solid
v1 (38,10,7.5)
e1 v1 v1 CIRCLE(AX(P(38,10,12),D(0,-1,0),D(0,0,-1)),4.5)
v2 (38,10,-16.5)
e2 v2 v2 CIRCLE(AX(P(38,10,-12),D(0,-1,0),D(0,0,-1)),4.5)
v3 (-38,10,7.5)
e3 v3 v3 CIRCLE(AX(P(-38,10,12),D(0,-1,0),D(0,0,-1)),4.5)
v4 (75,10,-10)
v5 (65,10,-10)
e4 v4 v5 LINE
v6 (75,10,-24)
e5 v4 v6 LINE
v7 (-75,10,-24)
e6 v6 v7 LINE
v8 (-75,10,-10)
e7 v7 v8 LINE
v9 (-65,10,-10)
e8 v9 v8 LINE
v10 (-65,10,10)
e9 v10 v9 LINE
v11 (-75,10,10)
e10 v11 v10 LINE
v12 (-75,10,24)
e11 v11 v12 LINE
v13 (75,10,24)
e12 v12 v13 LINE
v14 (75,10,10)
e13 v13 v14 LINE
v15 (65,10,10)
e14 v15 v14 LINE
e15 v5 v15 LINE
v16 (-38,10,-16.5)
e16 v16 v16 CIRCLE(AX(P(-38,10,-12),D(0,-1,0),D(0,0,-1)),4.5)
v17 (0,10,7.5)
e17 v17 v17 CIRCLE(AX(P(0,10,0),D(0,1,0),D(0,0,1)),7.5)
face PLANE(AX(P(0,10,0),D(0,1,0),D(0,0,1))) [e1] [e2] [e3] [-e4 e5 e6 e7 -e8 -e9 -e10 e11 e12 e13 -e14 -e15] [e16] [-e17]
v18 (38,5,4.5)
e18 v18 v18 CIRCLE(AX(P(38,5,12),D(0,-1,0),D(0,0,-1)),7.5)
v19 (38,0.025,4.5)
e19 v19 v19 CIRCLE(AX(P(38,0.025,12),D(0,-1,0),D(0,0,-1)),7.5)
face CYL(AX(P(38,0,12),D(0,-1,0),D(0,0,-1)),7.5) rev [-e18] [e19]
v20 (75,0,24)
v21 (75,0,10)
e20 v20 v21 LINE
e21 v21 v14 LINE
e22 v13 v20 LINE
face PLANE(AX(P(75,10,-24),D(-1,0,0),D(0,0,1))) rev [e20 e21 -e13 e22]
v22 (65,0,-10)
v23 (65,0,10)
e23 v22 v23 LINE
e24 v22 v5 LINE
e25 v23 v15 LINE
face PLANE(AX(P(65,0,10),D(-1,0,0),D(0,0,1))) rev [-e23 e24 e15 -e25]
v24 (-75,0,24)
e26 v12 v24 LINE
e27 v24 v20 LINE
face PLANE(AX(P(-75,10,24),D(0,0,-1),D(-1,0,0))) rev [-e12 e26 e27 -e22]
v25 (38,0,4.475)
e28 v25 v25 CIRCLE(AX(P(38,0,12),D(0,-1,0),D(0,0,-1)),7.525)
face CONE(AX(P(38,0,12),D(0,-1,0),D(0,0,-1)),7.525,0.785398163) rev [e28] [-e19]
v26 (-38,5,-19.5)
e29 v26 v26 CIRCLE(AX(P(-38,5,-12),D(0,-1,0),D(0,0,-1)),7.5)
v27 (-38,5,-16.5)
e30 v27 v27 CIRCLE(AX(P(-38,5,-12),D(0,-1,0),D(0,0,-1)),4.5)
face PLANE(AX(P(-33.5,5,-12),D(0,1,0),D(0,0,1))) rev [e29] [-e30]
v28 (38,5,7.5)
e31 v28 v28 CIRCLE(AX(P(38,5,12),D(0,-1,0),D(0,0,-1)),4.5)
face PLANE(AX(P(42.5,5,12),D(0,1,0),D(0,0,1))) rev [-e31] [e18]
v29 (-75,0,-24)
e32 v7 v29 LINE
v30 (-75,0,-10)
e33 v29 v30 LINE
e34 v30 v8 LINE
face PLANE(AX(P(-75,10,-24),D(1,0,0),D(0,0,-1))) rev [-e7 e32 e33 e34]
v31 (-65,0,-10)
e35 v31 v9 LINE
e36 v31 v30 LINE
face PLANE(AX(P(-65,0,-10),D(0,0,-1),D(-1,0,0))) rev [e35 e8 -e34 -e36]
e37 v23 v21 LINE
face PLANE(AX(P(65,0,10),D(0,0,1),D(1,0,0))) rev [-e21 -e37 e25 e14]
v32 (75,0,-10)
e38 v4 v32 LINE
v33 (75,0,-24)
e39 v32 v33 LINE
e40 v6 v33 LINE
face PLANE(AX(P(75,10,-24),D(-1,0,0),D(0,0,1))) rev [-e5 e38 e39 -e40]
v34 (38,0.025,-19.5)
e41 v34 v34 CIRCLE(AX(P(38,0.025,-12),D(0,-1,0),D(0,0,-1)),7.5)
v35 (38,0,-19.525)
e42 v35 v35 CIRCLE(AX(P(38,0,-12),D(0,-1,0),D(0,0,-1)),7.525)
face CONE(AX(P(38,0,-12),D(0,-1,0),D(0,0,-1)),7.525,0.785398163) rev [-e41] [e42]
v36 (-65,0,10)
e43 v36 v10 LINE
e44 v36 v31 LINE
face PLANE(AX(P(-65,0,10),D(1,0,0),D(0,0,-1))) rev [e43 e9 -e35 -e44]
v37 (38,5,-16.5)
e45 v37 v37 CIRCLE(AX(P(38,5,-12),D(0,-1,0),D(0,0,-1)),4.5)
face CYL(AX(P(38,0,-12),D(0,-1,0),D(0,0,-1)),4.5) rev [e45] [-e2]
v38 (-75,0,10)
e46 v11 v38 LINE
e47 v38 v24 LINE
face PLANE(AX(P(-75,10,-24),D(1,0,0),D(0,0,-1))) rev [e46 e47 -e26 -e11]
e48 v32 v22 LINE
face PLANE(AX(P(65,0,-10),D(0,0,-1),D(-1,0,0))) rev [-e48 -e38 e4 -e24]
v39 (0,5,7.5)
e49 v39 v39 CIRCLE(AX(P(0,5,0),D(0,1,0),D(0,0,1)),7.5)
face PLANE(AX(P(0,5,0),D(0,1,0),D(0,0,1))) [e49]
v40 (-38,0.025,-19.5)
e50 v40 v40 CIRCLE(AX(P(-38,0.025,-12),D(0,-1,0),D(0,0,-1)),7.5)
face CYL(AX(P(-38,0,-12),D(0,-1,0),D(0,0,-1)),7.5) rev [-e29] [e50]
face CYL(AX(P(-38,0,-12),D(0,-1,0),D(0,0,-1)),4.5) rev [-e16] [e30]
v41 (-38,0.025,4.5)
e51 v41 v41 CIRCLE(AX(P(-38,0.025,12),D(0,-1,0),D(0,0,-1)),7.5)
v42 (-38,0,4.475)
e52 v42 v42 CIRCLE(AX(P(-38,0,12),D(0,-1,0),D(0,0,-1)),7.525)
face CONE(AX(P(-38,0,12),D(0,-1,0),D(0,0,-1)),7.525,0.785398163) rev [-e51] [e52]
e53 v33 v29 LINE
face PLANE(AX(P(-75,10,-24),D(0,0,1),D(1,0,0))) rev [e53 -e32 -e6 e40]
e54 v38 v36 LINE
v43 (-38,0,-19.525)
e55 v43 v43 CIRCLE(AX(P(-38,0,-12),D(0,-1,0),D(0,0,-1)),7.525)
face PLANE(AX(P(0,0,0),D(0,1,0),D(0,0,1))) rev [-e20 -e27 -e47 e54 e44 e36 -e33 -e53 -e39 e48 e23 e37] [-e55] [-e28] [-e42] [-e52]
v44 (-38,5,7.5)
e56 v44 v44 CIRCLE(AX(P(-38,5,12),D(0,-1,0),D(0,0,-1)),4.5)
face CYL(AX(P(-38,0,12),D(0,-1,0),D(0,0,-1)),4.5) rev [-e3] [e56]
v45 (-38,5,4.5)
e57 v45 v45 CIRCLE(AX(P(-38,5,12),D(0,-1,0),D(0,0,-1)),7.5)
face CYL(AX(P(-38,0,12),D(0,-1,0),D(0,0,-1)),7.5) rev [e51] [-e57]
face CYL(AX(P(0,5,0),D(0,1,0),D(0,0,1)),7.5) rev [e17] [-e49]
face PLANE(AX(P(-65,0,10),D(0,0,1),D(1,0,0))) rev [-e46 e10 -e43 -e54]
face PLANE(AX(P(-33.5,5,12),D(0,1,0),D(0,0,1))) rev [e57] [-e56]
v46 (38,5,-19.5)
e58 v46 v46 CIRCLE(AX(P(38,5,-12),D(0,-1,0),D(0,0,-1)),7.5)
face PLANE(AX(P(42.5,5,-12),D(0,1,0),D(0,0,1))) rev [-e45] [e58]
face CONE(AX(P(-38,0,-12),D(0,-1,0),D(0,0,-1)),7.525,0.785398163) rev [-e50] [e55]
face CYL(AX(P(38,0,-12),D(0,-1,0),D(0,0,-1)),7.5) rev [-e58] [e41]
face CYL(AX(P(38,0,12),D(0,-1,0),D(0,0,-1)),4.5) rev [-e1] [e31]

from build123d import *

# Parameters (mm, degrees)
SKETCH1_W                                  = 150
SKETCH1_H                                  = 48
BOSS_EXTRUDE1_DEPTH                        = 10
CBORE_FOR_M8_CHEESE_HEAD_SCREW1_AT_2_COUNT = 2
CBORE_FOR_M8_CHEESE_HEAD_SCREW1_AT_2_PITCH = 76
CBORE_FOR_M8_CHEESE_HEAD_SCREW1_AT_3_COUNT = 2
CBORE_FOR_M8_CHEESE_HEAD_SCREW1_AT_3_PITCH = 24
CBORE_FOR_M8_CHEESE_HEAD_SCREW1_AT_4_COUNT = 2
CBORE_FOR_M8_CHEESE_HEAD_SCREW1_AT_4_PITCH = 79.699435381
SKETCH6_R                                  = 7.5
CUT_EXTRUDE2_DEPTH                         = 5
SKETCH7_W                                  = 20
SKETCH7_H                                  = 20
CUT_EXTRUDE3_DEPTH                         = 80.37883849


with BuildPart() as part:
    # Sketch1 → Boss-Extrude1 (new body)
    with BuildSketch(Plane(origin=(0, 0, 0), x_dir=(1, 0, 0), z_dir=(0, 1, 0))):
        Rectangle(SKETCH1_W, SKETCH1_H)
    extrude(amount=BOSS_EXTRUDE1_DEPTH)

    # Sketch4 → CBORE for M8 Cheese Head Screw1 (revolve, cut)
    with BuildSketch(Plane(origin=(38, 0, 12), x_dir=(0, 0, -1), z_dir=(1, 0, 0))):
        Polygon((0, 0), (0, 12.703872786), (4.5, 10), (4.5, 5), (7.5, 5), (7.5, 0.025), (7.525, 0), align=None)
    cbore_for_m8_cheese_head_screw1 = revolve(axis=Axis((38, -6.35, 12), (0, 1, 0)), mode=Mode.SUBTRACT)

    # CBORE for M8 Cheese Head Screw1 at 2: CBORE for M8 Cheese Head Screw1 ×2
    with Locations(*[(-i * CBORE_FOR_M8_CHEESE_HEAD_SCREW1_AT_2_PITCH, 0, 0) for i in range(1, CBORE_FOR_M8_CHEESE_HEAD_SCREW1_AT_2_COUNT)]):
        add(cbore_for_m8_cheese_head_screw1, mode=Mode.SUBTRACT)

    # CBORE for M8 Cheese Head Screw1 at 3: CBORE for M8 Cheese Head Screw1 ×2
    with Locations(*[(0, 0, -i * CBORE_FOR_M8_CHEESE_HEAD_SCREW1_AT_3_PITCH) for i in range(1, CBORE_FOR_M8_CHEESE_HEAD_SCREW1_AT_3_COUNT)]):
        add(cbore_for_m8_cheese_head_screw1, mode=Mode.SUBTRACT)

    # CBORE for M8 Cheese Head Screw1 at 4: CBORE for M8 Cheese Head Screw1 ×2
    with Locations(*[Vector(-0.9535826651341417, 0, -0.3011313679370974) * (i * CBORE_FOR_M8_CHEESE_HEAD_SCREW1_AT_4_PITCH) for i in range(1, CBORE_FOR_M8_CHEESE_HEAD_SCREW1_AT_4_COUNT)]):
        add(cbore_for_m8_cheese_head_screw1, mode=Mode.SUBTRACT)

    # Sketch6 → Cut-Extrude2 (cut)
    with BuildSketch(Plane(origin=(0, 10, 0), x_dir=(1, 0, 0), z_dir=(0, 1, 0))):
        with Locations(Location((0, 0, 0), (0, 0, 270))):
            Circle(SKETCH6_R)
    extrude(amount=-CUT_EXTRUDE2_DEPTH, mode=Mode.SUBTRACT)

    # Sketch7 → Cut-Extrude3 (cut, through all)
    with BuildSketch(Plane(origin=(0, 10, 0), x_dir=(1, 0, 0), z_dir=(0, 1, 0))):
        with Locations((75, 0)):
            Rectangle(SKETCH7_W, SKETCH7_H)
        with Locations((-75, 0)):
            Rectangle(SKETCH7_W, SKETCH7_H)
    extrude(amount=-CUT_EXTRUDE3_DEPTH, mode=Mode.SUBTRACT)


solid = part.part
